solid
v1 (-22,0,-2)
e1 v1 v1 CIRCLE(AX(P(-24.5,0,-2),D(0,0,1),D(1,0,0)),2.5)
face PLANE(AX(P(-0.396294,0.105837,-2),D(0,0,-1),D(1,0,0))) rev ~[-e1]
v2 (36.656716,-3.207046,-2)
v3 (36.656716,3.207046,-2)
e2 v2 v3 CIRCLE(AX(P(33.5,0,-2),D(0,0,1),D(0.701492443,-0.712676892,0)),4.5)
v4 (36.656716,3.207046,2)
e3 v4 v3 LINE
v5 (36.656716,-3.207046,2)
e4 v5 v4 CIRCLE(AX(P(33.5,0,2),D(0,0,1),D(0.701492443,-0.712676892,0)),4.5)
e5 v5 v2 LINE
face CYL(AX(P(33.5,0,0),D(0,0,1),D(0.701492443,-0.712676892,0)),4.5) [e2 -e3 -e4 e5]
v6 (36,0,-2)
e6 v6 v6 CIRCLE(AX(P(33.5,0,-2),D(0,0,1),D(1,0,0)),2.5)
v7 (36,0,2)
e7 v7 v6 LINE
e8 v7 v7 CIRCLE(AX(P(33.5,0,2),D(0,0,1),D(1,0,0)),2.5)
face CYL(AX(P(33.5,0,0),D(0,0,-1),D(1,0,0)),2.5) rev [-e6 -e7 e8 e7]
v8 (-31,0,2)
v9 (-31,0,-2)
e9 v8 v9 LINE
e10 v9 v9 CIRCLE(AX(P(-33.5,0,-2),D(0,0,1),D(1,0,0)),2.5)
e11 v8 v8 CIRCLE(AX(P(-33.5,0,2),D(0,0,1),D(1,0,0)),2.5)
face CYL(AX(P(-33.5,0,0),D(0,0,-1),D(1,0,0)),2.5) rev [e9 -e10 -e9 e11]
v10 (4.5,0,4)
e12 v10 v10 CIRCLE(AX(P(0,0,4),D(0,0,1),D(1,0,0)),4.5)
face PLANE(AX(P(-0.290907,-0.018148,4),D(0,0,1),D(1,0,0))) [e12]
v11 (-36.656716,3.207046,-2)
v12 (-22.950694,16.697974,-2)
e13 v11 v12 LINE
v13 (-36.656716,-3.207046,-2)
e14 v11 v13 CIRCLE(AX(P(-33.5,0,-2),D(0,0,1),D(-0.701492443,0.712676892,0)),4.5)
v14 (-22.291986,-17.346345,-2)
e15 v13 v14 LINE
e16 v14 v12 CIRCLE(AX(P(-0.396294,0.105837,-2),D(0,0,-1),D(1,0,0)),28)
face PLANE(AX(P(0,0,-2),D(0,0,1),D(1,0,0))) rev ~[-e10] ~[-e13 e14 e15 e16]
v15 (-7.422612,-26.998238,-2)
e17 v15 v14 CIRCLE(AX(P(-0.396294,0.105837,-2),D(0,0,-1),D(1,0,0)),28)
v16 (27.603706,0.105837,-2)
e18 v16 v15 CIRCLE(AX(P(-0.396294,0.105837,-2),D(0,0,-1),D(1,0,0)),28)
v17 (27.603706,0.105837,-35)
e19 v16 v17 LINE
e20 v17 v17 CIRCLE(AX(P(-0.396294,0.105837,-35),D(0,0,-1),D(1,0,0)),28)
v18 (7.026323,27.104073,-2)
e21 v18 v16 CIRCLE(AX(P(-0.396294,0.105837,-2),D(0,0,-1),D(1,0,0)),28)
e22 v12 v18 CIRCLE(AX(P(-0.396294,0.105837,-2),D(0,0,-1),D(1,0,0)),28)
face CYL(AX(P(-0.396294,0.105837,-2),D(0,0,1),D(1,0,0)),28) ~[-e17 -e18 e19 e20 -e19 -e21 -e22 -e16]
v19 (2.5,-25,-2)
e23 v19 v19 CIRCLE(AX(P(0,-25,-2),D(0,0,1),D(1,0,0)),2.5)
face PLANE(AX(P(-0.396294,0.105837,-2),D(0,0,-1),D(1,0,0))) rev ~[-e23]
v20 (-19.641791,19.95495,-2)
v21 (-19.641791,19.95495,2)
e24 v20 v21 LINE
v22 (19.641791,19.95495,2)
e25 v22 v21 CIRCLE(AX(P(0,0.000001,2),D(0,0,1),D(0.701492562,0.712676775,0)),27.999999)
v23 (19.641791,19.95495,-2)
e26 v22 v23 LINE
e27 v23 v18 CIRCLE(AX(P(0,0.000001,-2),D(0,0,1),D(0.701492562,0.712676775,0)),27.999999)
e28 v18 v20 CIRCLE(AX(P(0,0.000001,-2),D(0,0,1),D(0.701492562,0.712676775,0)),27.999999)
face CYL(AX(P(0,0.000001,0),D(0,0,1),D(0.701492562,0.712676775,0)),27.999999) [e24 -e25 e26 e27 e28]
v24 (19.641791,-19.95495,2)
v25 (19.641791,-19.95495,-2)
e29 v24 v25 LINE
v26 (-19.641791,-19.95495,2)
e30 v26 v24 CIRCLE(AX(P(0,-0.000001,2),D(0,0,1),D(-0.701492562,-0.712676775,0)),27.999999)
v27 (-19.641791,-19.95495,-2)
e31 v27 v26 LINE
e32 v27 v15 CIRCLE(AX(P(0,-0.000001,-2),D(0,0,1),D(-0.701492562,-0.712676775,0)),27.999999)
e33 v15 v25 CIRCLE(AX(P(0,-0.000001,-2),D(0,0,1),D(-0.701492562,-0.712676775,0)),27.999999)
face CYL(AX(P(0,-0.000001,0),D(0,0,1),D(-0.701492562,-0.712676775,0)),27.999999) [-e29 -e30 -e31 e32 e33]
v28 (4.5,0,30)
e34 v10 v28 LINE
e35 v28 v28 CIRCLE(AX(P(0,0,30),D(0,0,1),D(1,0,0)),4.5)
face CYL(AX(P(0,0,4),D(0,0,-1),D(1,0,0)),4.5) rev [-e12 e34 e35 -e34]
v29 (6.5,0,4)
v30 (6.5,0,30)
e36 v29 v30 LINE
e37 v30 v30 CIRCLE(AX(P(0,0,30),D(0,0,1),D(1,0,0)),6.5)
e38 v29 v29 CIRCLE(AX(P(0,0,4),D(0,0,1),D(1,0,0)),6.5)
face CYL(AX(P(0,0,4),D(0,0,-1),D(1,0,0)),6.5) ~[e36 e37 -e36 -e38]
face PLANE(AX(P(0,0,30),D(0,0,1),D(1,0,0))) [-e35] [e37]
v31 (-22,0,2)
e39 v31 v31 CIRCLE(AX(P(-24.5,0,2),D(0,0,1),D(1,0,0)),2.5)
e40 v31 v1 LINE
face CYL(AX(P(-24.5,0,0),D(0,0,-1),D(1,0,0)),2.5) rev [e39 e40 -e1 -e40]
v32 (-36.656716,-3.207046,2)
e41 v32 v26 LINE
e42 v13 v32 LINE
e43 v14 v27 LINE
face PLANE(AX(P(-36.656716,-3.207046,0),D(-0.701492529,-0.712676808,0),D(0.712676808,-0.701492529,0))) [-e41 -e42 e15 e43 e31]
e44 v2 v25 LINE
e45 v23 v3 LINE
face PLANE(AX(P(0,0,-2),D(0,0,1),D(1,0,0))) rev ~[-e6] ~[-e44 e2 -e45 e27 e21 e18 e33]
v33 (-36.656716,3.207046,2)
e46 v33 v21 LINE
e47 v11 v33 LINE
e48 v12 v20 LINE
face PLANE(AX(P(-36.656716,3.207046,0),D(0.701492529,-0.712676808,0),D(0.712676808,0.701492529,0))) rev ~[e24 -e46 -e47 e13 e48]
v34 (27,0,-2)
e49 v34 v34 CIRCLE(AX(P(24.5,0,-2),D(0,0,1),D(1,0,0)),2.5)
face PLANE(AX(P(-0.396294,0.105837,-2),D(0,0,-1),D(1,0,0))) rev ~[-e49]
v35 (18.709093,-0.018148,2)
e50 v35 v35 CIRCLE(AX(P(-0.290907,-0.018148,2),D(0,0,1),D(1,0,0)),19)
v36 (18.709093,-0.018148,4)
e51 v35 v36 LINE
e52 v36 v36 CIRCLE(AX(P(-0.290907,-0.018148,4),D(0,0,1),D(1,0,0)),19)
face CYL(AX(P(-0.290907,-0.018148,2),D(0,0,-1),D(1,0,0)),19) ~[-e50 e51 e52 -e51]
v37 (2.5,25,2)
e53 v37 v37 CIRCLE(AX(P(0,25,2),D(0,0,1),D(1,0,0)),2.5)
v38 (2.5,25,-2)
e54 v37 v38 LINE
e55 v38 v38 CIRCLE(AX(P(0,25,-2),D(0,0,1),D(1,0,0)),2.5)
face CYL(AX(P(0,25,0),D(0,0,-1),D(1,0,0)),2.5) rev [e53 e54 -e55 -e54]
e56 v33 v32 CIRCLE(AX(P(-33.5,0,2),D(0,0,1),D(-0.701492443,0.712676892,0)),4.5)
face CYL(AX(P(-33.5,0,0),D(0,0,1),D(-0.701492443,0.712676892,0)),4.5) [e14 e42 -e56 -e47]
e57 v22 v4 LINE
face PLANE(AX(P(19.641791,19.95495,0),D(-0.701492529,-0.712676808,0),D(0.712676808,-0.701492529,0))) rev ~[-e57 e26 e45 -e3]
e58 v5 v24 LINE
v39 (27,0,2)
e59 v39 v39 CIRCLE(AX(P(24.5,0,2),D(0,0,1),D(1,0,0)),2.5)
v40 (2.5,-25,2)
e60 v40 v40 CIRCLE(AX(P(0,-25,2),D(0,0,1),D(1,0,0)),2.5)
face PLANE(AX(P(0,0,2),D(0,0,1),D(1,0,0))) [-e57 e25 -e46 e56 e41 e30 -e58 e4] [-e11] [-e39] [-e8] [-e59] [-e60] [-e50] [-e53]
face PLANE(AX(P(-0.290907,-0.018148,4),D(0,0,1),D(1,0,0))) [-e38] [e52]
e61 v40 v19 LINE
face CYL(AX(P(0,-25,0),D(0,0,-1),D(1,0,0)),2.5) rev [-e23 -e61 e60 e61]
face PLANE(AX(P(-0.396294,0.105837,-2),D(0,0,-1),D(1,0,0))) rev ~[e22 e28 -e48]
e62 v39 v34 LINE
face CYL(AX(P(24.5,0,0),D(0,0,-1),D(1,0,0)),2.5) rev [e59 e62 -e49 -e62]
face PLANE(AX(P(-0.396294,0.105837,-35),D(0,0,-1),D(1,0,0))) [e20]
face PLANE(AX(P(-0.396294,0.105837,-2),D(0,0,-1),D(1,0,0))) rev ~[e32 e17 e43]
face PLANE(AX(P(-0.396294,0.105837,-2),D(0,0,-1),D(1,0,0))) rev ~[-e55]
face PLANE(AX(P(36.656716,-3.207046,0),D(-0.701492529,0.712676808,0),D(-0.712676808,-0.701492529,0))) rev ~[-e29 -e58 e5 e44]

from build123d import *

# Parameters (mm, degrees)
SKETCH_R      = 2.5
PAD_DEPTH     = 2
SKETCH001_R   = 19
PAD001_DEPTH  = 2
SKETCH002_R   = 6.5
SKETCH002_R_2 = 4.5
PAD002_DEPTH  = 26
SKETCH003_R   = 28
PAD003_DEPTH  = 33


with BuildPart() as part:
    # Sketch → Pad (new body, symmetric)
    with BuildSketch(Plane.XY):
        with BuildLine():
            ThreePointArc((19.641791, 19.95495), (0, 28), (-19.641791, 19.95495))
            Line((-36.656716, 3.207046), (-19.641791, 19.95495))
            ThreePointArc((-36.656716, 3.207046), (-38, 0), (-36.656716, -3.207046))
            Line((-36.656716, -3.207046), (-19.641791, -19.95495))
            ThreePointArc((-19.641791, -19.95495), (0, -28), (19.641791, -19.95495))
            Line((36.656716, -3.207046), (19.641791, -19.95495))
            ThreePointArc((36.656716, -3.207046), (38, 0), (36.656716, 3.207046))
            Line((19.641791, 19.95495), (36.656716, 3.207046))
        make_face()
        with Locations((-33.5, 0)):
            Circle(SKETCH_R, mode=Mode.SUBTRACT)
        with Locations((33.5, 0)):
            Circle(SKETCH_R, mode=Mode.SUBTRACT)
        with Locations((24.5, 0)):
            Circle(SKETCH_R, mode=Mode.SUBTRACT)
        with Locations((-24.5, 0)):
            Circle(SKETCH_R, mode=Mode.SUBTRACT)
        with Locations((0, 25)):
            Circle(SKETCH_R, mode=Mode.SUBTRACT)
        with Locations((0, -25)):
            Circle(SKETCH_R, mode=Mode.SUBTRACT)
    extrude(amount=PAD_DEPTH, both=True)

    # Sketch001 → Pad001 (new body)
    with BuildSketch(Plane.XY.offset(2)):
        with Locations((-0.290907, -0.018148)):
            Circle(SKETCH001_R)
    extrude(amount=PAD001_DEPTH)

    # Sketch002 → Pad002 (new body)
    with BuildSketch(Plane.XY.offset(4)):
        Circle(SKETCH002_R)
        Circle(SKETCH002_R_2, mode=Mode.SUBTRACT)
    extrude(amount=PAD002_DEPTH)

    # Sketch003 → Pad003 (new body)
    with BuildSketch(Plane(origin=(0, 0, -2), x_dir=(1, 0, 0), z_dir=(0, 0, -1))):
        with Locations((-0.396294, -0.105837)):
            Circle(SKETCH003_R)
    extrude(amount=PAD003_DEPTH)


solid = part.part
